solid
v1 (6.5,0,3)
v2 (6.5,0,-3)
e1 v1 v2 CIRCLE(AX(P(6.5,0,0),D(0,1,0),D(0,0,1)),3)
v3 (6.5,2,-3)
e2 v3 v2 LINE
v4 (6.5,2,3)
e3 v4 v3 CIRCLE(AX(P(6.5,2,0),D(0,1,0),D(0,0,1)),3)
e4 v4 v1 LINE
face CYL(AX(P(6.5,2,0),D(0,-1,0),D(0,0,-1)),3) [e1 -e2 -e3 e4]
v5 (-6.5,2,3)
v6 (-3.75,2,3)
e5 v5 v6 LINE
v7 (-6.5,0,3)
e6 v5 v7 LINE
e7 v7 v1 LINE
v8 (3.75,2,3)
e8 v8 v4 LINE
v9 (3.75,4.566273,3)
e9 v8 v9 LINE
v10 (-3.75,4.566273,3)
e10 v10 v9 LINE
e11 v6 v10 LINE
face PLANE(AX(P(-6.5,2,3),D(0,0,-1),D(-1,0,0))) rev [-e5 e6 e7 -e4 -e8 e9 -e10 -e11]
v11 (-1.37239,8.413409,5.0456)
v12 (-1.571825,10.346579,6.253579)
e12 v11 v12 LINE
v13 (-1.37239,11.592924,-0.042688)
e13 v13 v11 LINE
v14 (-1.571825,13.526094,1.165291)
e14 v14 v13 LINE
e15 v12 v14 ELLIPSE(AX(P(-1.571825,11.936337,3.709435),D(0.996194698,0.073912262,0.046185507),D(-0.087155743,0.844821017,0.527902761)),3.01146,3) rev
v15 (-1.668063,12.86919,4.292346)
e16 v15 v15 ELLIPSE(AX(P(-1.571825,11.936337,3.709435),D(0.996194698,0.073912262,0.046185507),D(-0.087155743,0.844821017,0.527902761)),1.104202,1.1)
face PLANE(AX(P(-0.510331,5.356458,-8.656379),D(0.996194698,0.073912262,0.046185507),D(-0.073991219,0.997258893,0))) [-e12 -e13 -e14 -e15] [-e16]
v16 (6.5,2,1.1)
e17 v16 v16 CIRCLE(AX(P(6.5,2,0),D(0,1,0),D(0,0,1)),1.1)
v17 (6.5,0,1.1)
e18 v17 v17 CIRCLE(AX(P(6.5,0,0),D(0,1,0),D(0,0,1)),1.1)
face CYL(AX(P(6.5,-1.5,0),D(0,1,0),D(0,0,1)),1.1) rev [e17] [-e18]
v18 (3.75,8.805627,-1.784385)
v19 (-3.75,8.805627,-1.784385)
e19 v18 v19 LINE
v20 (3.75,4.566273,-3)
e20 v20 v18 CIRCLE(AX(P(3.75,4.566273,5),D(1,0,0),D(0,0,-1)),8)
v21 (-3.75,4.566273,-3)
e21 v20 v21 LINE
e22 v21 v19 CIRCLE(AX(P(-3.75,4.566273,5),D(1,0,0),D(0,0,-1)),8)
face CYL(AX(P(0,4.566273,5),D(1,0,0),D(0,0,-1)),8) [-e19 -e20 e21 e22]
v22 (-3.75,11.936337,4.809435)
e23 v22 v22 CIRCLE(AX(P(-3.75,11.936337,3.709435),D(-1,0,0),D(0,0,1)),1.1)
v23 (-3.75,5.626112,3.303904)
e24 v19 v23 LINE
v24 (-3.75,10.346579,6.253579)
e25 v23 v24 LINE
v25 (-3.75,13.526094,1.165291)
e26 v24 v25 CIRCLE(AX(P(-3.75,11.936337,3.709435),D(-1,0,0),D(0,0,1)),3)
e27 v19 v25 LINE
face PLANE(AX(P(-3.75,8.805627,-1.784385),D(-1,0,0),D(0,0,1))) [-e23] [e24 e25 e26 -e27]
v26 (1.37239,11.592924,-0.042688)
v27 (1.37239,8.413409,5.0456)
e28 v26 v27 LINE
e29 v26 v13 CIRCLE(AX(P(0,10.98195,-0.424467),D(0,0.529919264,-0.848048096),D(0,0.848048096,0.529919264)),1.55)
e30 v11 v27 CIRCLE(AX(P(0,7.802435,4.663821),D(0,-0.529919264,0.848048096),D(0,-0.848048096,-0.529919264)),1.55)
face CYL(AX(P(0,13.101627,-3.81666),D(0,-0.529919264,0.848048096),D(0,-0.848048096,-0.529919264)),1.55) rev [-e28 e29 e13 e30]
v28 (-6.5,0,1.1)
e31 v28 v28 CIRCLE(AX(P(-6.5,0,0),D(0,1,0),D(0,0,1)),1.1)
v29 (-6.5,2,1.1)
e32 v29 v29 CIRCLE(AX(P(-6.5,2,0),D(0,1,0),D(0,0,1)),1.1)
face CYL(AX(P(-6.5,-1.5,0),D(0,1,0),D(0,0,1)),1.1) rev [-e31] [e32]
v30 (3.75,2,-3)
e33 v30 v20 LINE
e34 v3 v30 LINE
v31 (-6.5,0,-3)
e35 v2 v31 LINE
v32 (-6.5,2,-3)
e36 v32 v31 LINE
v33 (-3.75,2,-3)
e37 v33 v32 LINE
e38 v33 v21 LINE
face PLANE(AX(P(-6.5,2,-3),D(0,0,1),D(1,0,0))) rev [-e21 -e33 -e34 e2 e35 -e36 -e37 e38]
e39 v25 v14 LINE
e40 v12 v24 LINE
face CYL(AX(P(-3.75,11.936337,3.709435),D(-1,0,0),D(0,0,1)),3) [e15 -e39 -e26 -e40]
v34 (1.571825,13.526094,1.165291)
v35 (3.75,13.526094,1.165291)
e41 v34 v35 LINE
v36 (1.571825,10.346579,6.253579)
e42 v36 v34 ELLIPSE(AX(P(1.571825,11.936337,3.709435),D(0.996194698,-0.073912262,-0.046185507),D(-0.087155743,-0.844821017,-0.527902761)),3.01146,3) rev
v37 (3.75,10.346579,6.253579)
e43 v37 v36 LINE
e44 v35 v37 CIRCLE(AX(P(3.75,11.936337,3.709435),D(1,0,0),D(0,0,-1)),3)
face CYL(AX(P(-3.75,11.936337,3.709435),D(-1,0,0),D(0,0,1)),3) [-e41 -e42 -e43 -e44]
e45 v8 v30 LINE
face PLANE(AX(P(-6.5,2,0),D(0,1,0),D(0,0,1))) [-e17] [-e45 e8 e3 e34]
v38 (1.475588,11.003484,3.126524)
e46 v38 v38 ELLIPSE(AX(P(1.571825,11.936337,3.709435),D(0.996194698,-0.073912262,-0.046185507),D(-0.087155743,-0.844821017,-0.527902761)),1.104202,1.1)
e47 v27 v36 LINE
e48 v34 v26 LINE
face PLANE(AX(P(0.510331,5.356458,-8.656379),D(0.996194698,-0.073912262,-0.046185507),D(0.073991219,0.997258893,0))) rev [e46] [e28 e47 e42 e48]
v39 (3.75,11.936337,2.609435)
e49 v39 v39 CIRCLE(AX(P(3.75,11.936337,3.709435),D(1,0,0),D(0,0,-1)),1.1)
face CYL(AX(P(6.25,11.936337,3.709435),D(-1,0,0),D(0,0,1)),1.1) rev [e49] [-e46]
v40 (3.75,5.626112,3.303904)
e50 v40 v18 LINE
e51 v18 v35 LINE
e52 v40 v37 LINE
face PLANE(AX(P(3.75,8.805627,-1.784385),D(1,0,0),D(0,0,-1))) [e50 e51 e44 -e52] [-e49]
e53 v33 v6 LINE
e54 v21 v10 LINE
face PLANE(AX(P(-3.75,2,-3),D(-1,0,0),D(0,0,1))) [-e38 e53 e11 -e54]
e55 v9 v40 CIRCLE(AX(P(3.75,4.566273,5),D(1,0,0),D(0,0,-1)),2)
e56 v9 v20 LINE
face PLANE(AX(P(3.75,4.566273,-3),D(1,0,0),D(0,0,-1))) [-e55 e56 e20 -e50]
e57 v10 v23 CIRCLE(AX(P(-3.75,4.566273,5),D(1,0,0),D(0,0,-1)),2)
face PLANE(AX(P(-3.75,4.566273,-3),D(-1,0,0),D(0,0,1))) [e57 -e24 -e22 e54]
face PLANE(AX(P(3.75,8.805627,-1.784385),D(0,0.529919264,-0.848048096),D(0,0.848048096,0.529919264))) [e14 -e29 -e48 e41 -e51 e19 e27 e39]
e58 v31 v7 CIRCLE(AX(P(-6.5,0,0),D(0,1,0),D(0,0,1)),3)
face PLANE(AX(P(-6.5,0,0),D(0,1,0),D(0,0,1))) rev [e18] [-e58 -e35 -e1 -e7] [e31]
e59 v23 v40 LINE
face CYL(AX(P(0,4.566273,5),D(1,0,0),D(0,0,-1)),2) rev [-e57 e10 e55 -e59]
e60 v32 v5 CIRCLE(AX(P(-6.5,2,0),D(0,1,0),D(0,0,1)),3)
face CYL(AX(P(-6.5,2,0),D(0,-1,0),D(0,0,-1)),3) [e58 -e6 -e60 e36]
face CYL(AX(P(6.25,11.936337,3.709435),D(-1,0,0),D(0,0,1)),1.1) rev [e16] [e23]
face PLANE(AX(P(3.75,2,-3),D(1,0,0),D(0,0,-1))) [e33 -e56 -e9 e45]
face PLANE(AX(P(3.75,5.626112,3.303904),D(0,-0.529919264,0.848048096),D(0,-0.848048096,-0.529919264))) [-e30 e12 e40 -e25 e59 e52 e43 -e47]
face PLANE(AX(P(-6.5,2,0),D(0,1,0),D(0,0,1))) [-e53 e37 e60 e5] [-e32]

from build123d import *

# Parameters (mm, degrees)
EXTRUDE_1_DEPTH     = 2
SKETCH_7_R          = 1.1
CUT_EXTRUDE_5_DEPTH = 3.5
SKETCH_8_W          = 7.5
SKETCH_8_H          = 6
FILLET_1_RADIUS     = 3
FILLET_1_LENGTH     = 7.5
CUT_EXTRUDE_6_DEPTH = 10
SKETCH_12_R         = 1.1
CUT_EXTRUDE_7_DEPTH = 10


with BuildPart() as part:
    # 草图1 → 凸台-拉伸1 (new body)
    with BuildSketch(Plane(origin=(0, 0, 0), x_dir=(1, 0, 0), z_dir=(0, 1, 0))):
        with BuildLine():
            Line((-6.5, 3), (6.5, 3))
            ThreePointArc((6.5, 3), (9.5, 0), (6.5, -3))
            Line((6.5, -3), (-6.5, -3))
            ThreePointArc((-6.5, -3), (-9.5, 0), (-6.5, 3))
        make_face()
    extrude(amount=EXTRUDE_1_DEPTH)

    # 草图7 → 切除-拉伸5 (cut)
    with BuildSketch(Plane(origin=(0, 2, 0), x_dir=(1, 0, 0), z_dir=(0, 1, 0))):
        with Locations(Location((6.5, 0, 0), (0, 0, 270))):
            Circle(SKETCH_7_R)
        with Locations(Location((-6.5, 0, 0), (0, 0, 270))):
            Circle(SKETCH_7_R)
    extrude(amount=-CUT_EXTRUDE_5_DEPTH, mode=Mode.SUBTRACT)

    # 扫描1: sweep along a path in 草图9
    with BuildLine(Plane(origin=(0, 0, 0), x_dir=(0, 0, -1), z_dir=(1, 0, 0))) as sweep_1_path:
        Line((0, 2), (0, 4.566273071))
        ThreePointArc((0, 4.566273071), (-0.19369152, 5.94445985), (-0.759759519, 7.215869392))
        Line((-0.759759519, 7.215869392), (-5.299192642, 14.480480962))
    # 草图8 → 扫描1 (sweep)
    with BuildSketch(Plane(origin=(0, 2, 0), x_dir=(1, 0, 0), z_dir=(0, 1, 0))):
        Rectangle(SKETCH_8_W, SKETCH_8_H)
    sweep(path=sweep_1_path.line)

    # 圆角1: full round fillet: the end face becomes a half cylinder, R = half its width
    fillet_1_face = Plane((0, 14.480480962, 5.299192642), x_dir=(1, 0, 0), z_dir=(0, 0.848048096156, 0.529919264233))  # on the end face: x along it, z out of the body
    fillet_1_slab = fillet_1_face.offset(-FILLET_1_RADIUS / 2) * Box(FILLET_1_LENGTH, 2 * FILLET_1_RADIUS, FILLET_1_RADIUS, mode=Mode.PRIVATE)  # the body's end, R deep
    fillet_1_round = Plane((0, 11.936336674, 3.709434849), x_dir=(0, 0.848048096156, 0.529919264233), z_dir=(1, 0, 0)) * Cylinder(FILLET_1_RADIUS, FILLET_1_LENGTH, mode=Mode.PRIVATE)  # its axis R under the face
    add(fillet_1_slab - fillet_1_round, mode=Mode.SUBTRACT)

    # 草图10 → 切除-拉伸6 (cut)
    with BuildSketch(Plane(origin=(0, 0.095128767, -0.15223785), x_dir=(1, 0, 0), z_dir=(0, -0.5299192642332061, 0.8480480961564253))):
        with BuildLine():
            Line((1.372390297, 9.808736266), (2.069809275, 17.780271657))
            Line((2.069809275, 17.780271657), (-2.069809275, 17.780271657))
            Line((-2.069809275, 17.780271657), (-1.372390297, 9.808736266))
            ThreePointArc((-1.372390297, 9.808736266), (0, 7.538288577), (1.372390297, 9.808736266))
        make_face()
    extrude(amount=-CUT_EXTRUDE_6_DEPTH, mode=Mode.SUBTRACT)

    # 草图12 → 切除-拉伸7 (cut)
    with BuildSketch(Plane.ZY.offset(3.75)):
        with Locations((3.70943485, 11.936336673)):
            Circle(SKETCH_12_R)
    extrude(amount=-CUT_EXTRUDE_7_DEPTH, mode=Mode.SUBTRACT)


solid = part.part
